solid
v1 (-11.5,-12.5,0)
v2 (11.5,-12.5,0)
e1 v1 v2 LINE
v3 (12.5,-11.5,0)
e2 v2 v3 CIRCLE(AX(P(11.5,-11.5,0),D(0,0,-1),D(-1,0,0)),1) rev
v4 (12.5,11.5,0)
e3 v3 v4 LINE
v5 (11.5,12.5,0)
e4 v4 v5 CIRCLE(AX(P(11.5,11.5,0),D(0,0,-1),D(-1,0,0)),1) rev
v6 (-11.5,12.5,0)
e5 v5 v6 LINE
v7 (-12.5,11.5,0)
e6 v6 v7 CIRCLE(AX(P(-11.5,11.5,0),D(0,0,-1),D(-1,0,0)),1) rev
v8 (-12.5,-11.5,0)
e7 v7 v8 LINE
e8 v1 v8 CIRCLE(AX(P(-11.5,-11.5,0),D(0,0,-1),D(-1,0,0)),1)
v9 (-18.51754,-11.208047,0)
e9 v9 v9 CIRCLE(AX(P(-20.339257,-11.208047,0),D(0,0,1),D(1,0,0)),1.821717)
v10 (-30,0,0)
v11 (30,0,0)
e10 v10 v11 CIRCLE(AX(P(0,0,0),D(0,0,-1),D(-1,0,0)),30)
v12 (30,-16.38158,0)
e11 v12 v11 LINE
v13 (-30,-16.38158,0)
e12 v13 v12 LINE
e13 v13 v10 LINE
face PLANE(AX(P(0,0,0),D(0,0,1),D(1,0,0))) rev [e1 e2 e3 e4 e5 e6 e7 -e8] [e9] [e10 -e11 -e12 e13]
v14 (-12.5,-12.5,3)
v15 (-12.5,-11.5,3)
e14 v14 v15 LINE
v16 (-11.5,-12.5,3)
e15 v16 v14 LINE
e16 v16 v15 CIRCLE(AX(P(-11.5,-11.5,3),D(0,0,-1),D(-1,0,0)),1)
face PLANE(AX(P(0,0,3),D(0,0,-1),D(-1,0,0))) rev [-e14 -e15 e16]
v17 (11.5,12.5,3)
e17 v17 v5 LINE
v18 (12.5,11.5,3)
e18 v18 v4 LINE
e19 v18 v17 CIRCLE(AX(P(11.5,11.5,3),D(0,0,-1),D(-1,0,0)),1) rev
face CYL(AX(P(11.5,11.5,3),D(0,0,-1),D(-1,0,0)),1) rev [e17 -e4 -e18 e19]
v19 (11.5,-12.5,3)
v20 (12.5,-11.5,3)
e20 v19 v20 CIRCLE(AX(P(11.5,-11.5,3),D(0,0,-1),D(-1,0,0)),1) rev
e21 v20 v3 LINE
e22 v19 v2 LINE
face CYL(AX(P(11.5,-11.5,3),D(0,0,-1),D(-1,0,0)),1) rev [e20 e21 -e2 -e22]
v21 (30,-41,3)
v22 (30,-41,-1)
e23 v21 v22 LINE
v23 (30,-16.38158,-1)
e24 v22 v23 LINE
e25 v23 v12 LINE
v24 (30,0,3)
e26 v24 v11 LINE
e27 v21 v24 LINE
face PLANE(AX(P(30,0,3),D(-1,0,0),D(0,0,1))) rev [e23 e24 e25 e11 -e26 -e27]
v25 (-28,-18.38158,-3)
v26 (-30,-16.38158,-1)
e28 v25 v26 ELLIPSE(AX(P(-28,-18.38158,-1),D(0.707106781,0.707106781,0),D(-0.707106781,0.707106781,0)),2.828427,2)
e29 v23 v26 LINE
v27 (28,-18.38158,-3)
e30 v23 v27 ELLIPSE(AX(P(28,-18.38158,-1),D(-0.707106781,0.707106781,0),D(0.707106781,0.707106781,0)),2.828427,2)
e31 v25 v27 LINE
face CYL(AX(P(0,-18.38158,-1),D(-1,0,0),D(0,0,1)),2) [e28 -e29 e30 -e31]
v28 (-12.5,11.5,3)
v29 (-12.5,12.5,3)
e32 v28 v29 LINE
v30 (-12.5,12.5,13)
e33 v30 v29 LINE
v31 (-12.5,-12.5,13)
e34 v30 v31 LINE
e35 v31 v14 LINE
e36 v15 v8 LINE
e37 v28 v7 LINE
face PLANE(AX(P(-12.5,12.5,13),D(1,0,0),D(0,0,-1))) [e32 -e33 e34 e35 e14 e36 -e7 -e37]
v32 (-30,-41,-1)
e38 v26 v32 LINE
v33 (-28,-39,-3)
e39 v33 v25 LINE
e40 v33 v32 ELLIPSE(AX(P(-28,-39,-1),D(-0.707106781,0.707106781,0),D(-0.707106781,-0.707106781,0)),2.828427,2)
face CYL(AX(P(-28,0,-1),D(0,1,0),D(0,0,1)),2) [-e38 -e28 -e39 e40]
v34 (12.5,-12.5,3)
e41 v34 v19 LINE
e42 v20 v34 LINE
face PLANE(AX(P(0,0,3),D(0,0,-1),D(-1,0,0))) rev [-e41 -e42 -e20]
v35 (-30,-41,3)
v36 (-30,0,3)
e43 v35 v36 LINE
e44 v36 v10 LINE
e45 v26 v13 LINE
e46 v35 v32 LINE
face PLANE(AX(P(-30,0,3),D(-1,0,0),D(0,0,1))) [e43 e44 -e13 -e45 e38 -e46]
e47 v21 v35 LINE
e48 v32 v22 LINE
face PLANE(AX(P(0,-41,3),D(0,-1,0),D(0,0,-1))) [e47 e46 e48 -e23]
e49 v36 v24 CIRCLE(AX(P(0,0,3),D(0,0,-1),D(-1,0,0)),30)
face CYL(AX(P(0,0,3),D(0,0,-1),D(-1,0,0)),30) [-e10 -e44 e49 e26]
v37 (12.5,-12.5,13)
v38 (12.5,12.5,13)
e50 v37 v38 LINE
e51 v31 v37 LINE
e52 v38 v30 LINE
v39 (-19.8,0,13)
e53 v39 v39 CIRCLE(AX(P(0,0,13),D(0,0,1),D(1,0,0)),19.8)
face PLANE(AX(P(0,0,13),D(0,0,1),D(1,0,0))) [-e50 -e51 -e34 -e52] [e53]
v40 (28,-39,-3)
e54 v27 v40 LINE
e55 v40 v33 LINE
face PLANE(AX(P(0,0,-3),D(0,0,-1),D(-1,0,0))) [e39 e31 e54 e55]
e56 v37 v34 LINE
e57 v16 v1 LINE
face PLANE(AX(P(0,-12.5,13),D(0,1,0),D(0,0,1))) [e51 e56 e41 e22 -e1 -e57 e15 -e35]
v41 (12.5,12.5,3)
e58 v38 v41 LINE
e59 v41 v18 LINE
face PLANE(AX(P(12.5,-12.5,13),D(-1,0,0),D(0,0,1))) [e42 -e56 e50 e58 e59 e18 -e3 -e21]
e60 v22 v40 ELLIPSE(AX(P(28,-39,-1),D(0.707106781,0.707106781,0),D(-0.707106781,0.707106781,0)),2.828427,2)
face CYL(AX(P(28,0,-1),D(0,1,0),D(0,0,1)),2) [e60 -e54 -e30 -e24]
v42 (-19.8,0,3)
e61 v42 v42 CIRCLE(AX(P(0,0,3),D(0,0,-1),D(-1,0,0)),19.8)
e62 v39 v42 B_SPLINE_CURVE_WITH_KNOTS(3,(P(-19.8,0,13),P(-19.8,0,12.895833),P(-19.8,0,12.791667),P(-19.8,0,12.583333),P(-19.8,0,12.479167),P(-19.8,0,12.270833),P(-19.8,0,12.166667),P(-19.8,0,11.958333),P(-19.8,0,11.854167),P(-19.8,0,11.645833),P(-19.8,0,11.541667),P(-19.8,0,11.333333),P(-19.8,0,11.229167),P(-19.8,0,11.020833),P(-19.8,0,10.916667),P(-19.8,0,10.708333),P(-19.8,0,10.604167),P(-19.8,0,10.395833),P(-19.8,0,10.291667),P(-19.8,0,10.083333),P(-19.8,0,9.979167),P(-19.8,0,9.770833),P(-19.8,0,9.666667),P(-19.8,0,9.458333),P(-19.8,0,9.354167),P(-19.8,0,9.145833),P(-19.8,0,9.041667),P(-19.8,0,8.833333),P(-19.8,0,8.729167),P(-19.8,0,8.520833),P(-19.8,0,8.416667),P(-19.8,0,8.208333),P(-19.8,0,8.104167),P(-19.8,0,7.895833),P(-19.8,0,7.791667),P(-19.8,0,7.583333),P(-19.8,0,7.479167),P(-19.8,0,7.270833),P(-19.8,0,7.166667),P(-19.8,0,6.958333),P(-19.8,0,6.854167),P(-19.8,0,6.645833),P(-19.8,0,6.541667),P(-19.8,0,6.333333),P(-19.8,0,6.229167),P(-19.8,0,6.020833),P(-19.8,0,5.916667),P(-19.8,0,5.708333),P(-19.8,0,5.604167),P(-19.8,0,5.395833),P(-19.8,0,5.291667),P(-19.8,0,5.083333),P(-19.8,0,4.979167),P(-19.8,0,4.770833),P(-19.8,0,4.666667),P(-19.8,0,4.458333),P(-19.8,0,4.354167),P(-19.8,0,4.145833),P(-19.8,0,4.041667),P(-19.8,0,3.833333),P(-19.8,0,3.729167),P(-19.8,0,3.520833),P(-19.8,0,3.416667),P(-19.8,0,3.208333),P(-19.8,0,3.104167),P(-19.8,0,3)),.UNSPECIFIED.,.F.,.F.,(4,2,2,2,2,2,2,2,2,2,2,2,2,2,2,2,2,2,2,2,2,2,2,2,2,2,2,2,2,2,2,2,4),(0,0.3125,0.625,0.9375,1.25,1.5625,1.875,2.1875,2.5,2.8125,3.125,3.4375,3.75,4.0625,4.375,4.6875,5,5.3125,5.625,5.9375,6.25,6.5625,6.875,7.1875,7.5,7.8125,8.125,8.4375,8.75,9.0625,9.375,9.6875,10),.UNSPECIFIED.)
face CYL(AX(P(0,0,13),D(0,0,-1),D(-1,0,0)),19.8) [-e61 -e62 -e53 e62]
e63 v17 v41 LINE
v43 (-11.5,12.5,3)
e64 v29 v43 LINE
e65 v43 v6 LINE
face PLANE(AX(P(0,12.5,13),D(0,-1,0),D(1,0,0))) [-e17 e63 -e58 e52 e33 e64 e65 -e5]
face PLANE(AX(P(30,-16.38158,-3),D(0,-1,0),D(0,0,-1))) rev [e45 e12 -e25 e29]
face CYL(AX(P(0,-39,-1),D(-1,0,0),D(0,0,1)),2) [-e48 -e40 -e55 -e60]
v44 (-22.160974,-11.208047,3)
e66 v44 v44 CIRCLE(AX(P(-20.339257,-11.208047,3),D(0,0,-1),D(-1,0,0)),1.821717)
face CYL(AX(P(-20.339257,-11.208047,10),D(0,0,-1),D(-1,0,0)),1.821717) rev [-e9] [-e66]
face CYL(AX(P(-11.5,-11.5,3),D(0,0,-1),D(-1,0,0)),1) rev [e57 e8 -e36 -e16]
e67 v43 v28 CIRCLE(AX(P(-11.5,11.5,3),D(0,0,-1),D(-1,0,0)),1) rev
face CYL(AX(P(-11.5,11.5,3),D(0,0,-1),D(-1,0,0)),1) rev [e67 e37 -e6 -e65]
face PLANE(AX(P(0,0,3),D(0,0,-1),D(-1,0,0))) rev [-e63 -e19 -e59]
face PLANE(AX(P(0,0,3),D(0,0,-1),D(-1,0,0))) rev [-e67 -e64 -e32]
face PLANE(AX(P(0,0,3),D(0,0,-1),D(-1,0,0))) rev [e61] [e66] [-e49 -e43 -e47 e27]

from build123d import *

# Parameters (mm, degrees)
SKETCH_1_R               = 19.8
EXTRUDE_1_DEPTH          = 13
SKETCH_2_R               = 19.8
EXTRUDE_2_DEPTH          = 3
SKETCH_3_W               = 60
SKETCH_3_H               = 24.618420452
EXTRUDE_3_DEPTH          = 3
FILLET_1_R               = 2
CUT_EXTRUDE_1_DEPTH      = 10
CUT_EXTRUDE_1_DEPTH_BACK = 10
SKETCH_4_R               = 1.821717012


with BuildPart() as part:
    # 草图1 → 凸台-拉伸1 (new body)
    with BuildSketch(Plane.XY):
        with Locations(Location((0, 0, 0), (0, 0, 180))):
            Circle(SKETCH_1_R)
        Polygon((0, -12.5), (12.5, -12.5), (12.5, 12.5), (0, 12.5), (-12.5, 12.5), (-12.5, -12.5), align=None, mode=Mode.SUBTRACT)
    extrude(amount=EXTRUDE_1_DEPTH)

    # 草图2 → 凸台-拉伸2 (add)
    # profile 1 of 5: a face of its own
    with BuildSketch(Plane(origin=(0, 0, 0), x_dir=(-1, 0, 0), z_dir=(0, 0, -1))):
        with BuildLine():
            ThreePointArc((30, 0), (0, 30), (-30, 0))
            Line((-30, 0), (-30, -41))
            Line((-30, -41), (30, -41))
            Line((30, -41), (30, 0))
        make_face()
        Circle(SKETCH_2_R, mode=Mode.SUBTRACT)
    # profile 2 of 5: a face of its own
    with BuildSketch(Plane(origin=(0, 0, 0), x_dir=(-1, 0, 0), z_dir=(0, 0, -1))):
        with BuildLine():
            Line((-12.5, 12.5), (-12.5, 11.5))
            ThreePointArc((-12.5, 11.5), (-12.207106781, 12.207106781), (-11.5, 12.5))
            Line((-11.5, 12.5), (-12.5, 12.5))
        make_face()
    # profile 3 of 5: a face of its own
    with BuildSketch(Plane(origin=(0, 0, 0), x_dir=(-1, 0, 0), z_dir=(0, 0, -1))):
        with BuildLine():
            ThreePointArc((12.5, -11.5), (12.207106781, -12.207106781), (11.5, -12.5))
            Line((11.5, -12.5), (12.5, -12.5))
            Line((12.5, -12.5), (12.5, -11.5))
        make_face()
    # profile 4 of 5: a face of its own
    with BuildSketch(Plane(origin=(0, 0, 0), x_dir=(-1, 0, 0), z_dir=(0, 0, -1))):
        with BuildLine():
            Line((-12.5, -12.5), (-11.5, -12.5))
            ThreePointArc((-11.5, -12.5), (-12.207106781, -12.207106781), (-12.5, -11.5))
            Line((-12.5, -11.5), (-12.5, -12.5))
        make_face()
    # profile 5 of 5: a face of its own
    with BuildSketch(Plane(origin=(0, 0, 0), x_dir=(-1, 0, 0), z_dir=(0, 0, -1))):
        with BuildLine():
            ThreePointArc((11.5, 12.5), (12.207106781, 12.207106781), (12.5, 11.5))
            Line((12.5, 11.5), (12.5, 12.5))
            Line((12.5, 12.5), (11.5, 12.5))
        make_face()
    extrude(amount=-EXTRUDE_2_DEPTH)

    # 草图3 → 凸台-拉伸3 (add)
    with BuildSketch(Plane(origin=(0, 0, 0), x_dir=(-1, 0, 0), z_dir=(0, 0, -1))):
        with Locations((0, -28.690789774)):
            Rectangle(SKETCH_3_W, SKETCH_3_H)
    extrude(amount=EXTRUDE_3_DEPTH)

    # 圆角1
    fillet_1_edges = [part.edges().sort_by_distance(p)[0] for p in [
        (30, -28.690789774, -3),
        (0, -41, -3),
        (-30, -28.690789774, -3),
        (0, -16.381579548, -3),
    ]]
    fillet(fillet_1_edges, radius=FILLET_1_R)

    # 草图4 → 切除-拉伸1 (cut, two sides: drawn at the far end of the back side and taken through both)
    with BuildSketch(Plane(origin=(0, 0, 0), x_dir=(-1, 0, 0), z_dir=(0, 0, -1)).offset(-CUT_EXTRUDE_1_DEPTH_BACK)):
        with Locations((20.33925745, -11.208047119)):
            Circle(SKETCH_4_R)
    extrude(amount=CUT_EXTRUDE_1_DEPTH + CUT_EXTRUDE_1_DEPTH_BACK, mode=Mode.SUBTRACT)


solid = part.part
